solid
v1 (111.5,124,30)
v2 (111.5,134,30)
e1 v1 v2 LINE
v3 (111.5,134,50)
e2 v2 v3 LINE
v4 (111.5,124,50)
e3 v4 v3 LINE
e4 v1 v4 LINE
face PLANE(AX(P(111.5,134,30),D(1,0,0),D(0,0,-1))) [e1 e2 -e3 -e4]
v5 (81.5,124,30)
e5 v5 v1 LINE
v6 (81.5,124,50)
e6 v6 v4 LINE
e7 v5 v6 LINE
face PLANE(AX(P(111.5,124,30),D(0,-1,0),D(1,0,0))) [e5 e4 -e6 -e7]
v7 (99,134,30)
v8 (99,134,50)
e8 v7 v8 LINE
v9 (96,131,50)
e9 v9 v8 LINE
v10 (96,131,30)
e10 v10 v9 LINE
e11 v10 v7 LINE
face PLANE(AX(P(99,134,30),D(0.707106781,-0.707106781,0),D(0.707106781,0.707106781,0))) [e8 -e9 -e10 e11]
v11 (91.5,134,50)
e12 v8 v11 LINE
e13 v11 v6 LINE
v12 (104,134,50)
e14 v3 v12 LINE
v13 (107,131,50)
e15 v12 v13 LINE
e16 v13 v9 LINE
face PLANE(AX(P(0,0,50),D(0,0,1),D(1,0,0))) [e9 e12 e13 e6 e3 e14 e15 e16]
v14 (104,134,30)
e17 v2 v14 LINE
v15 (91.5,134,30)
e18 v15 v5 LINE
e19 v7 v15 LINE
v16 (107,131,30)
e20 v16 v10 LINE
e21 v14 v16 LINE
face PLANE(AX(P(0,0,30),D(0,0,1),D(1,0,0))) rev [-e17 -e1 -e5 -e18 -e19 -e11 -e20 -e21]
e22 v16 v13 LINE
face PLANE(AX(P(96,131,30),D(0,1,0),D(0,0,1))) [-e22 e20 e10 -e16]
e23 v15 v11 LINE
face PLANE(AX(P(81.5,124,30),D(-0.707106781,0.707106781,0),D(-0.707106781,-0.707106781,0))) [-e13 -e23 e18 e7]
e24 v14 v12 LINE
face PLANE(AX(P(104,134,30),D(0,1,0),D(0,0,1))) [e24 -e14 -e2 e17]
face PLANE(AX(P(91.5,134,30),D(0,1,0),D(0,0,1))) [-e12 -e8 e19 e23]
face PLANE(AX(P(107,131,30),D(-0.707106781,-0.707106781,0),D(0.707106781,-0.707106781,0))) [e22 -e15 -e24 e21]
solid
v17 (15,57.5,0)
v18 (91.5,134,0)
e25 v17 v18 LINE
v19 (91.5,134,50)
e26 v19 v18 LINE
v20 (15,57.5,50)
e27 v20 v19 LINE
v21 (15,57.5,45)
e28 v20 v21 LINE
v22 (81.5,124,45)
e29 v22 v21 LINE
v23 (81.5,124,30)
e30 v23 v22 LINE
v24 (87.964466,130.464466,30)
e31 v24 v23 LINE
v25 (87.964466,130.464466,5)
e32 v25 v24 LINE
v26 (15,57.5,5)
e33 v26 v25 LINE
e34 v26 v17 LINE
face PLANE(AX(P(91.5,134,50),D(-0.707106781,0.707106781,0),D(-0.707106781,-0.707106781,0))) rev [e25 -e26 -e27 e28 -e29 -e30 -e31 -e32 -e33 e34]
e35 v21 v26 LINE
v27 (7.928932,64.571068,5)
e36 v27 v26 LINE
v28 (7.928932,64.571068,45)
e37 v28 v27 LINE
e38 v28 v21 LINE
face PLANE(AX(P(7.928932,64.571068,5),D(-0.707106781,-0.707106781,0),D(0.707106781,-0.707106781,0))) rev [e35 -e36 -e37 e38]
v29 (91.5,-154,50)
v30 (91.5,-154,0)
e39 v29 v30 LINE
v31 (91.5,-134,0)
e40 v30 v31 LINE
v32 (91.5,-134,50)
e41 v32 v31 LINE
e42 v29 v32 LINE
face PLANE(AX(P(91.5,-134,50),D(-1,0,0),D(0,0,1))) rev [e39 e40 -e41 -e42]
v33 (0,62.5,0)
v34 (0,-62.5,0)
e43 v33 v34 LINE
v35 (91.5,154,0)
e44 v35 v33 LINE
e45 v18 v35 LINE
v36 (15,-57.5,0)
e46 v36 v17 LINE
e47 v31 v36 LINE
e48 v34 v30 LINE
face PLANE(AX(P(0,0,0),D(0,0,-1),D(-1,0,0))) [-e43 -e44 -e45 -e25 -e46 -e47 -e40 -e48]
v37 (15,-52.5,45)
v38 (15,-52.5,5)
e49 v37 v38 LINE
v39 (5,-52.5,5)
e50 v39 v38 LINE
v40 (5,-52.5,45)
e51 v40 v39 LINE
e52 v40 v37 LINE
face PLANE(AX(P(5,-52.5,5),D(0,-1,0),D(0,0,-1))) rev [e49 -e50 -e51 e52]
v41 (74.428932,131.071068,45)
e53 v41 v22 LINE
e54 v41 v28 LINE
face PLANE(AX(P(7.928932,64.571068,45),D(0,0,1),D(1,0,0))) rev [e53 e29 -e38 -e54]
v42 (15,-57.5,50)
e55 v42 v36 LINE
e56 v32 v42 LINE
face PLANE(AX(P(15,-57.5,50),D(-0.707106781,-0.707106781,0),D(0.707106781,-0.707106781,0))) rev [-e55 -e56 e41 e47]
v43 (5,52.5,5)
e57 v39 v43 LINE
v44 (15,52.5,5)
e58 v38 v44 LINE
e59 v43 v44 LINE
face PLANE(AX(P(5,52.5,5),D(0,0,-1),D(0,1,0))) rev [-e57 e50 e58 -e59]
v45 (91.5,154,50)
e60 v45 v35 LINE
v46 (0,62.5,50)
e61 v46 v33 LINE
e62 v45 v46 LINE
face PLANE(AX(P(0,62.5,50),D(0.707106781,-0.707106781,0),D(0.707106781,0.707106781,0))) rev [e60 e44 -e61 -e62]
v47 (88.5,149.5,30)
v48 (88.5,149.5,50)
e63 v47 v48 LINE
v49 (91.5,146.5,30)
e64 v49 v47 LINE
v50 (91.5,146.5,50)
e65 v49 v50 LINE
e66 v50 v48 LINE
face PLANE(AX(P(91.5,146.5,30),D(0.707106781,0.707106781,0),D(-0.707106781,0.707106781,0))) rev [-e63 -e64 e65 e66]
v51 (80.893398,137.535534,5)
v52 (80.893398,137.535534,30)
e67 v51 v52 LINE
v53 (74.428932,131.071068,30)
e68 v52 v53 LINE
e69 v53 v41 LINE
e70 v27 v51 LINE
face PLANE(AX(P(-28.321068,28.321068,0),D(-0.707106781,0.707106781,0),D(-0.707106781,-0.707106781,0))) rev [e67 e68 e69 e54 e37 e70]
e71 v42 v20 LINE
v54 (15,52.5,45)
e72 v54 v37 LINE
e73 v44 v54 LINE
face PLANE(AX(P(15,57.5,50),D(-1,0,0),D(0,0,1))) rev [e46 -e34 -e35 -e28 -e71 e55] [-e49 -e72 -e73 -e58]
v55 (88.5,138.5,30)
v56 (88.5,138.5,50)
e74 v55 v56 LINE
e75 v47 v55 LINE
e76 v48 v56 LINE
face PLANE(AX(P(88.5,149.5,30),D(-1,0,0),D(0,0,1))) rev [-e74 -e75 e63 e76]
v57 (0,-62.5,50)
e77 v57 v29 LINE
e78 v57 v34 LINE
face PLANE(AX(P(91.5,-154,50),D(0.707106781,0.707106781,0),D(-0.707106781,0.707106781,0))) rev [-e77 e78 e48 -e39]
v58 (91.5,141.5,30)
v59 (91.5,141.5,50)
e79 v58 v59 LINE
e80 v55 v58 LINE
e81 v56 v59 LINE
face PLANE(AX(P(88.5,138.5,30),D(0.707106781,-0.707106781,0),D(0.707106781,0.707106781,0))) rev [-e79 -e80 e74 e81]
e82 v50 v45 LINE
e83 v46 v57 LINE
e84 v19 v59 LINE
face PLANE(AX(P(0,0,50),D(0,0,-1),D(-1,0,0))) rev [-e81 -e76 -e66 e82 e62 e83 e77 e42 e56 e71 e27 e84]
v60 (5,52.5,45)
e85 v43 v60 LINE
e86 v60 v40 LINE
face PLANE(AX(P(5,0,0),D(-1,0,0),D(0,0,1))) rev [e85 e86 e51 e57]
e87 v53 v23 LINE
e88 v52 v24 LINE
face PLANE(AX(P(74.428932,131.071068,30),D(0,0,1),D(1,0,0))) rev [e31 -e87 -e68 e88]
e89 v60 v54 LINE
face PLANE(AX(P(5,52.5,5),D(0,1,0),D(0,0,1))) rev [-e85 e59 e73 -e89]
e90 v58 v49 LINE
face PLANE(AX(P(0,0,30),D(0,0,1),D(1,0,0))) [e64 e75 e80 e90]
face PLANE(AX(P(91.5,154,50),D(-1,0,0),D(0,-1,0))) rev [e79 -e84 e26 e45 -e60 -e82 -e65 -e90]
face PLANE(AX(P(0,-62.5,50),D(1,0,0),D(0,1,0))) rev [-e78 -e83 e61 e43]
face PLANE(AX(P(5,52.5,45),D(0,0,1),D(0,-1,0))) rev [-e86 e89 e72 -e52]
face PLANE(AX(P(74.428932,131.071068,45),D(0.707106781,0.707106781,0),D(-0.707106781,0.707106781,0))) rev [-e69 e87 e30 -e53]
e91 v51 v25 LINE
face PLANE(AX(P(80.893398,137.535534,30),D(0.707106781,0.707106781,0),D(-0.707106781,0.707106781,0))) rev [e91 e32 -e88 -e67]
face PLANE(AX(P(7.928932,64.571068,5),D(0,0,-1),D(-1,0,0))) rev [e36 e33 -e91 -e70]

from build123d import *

# Parameters (mm, degrees)
BOSS_EXTRU_1_DEPTH      = 50
BOSS_EXTRU_2_DEPTH      = 20
ENL_V_MAT_EXTRU_1_DEPTH = 10
ESQUISSE4_W             = 40
ESQUISSE4_H             = 105
ENL_V_MAT_EXTRU_2_DEPTH = 10
ENL_V_MAT_EXTRU_3_DEPTH = 20


with BuildPart() as part:
    # Esquisse1 → Boss.-Extru.1 (new body)
    with BuildSketch(Plane.XY):
        Polygon((0, -62.5), (0, 62.5), (91.5, 154), (91.5, 134), (15, 57.5), (15, -57.5), (91.5, -134), (91.5, -154), align=None)
    extrude(amount=BOSS_EXTRU_1_DEPTH)

    # Esquisse3 → Enlèv. mat.-Extru.1 (cut)
    with BuildSketch(Plane(origin=(-21.25, 21.25, 0), x_dir=(0, 0, -1), z_dir=(0.7071067811865468, -0.7071067811865482, 0))):
        Polygon((-5, 51.265241636), (-45, 51.265241636), (-45, 145.310443534), (-30, 145.310443534), (-30, 154.452579158), (-5, 154.452579158), align=None)
    extrude(amount=-ENL_V_MAT_EXTRU_1_DEPTH, mode=Mode.SUBTRACT)

    # Esquisse4 → Enlèv. mat.-Extru.2 (cut)
    with BuildSketch(Plane(origin=(15, 0, 0), x_dir=(0, 0, -1), z_dir=(1, 0, 0))):
        with Locations((-25, 0)):
            Rectangle(ESQUISSE4_W, ESQUISSE4_H)
    extrude(amount=-ENL_V_MAT_EXTRU_2_DEPTH, mode=Mode.SUBTRACT)

    # Esquisse5 → Enlèv. mat.-Extru.3 (cut)
    with BuildSketch(Plane.XY.offset(50)):
        Polygon((91.5, 146.5), (88.5, 149.5), (88.5, 138.5), (91.5, 141.5), align=None)
    extrude(amount=-ENL_V_MAT_EXTRU_3_DEPTH, mode=Mode.SUBTRACT)


with BuildPart() as body_2:
    # Esquisse2 → Boss.-Extru.2 (new body)
    with BuildSketch(Plane.XY.offset(50)):
        Polygon((91.5, 134), (99, 134), (96, 131), (107, 131), (104, 134), (111.5, 134), (111.5, 124), (81.5, 124), align=None)
    extrude(amount=-BOSS_EXTRU_2_DEPTH)


solid = Compound([part.part, body_2.part])
